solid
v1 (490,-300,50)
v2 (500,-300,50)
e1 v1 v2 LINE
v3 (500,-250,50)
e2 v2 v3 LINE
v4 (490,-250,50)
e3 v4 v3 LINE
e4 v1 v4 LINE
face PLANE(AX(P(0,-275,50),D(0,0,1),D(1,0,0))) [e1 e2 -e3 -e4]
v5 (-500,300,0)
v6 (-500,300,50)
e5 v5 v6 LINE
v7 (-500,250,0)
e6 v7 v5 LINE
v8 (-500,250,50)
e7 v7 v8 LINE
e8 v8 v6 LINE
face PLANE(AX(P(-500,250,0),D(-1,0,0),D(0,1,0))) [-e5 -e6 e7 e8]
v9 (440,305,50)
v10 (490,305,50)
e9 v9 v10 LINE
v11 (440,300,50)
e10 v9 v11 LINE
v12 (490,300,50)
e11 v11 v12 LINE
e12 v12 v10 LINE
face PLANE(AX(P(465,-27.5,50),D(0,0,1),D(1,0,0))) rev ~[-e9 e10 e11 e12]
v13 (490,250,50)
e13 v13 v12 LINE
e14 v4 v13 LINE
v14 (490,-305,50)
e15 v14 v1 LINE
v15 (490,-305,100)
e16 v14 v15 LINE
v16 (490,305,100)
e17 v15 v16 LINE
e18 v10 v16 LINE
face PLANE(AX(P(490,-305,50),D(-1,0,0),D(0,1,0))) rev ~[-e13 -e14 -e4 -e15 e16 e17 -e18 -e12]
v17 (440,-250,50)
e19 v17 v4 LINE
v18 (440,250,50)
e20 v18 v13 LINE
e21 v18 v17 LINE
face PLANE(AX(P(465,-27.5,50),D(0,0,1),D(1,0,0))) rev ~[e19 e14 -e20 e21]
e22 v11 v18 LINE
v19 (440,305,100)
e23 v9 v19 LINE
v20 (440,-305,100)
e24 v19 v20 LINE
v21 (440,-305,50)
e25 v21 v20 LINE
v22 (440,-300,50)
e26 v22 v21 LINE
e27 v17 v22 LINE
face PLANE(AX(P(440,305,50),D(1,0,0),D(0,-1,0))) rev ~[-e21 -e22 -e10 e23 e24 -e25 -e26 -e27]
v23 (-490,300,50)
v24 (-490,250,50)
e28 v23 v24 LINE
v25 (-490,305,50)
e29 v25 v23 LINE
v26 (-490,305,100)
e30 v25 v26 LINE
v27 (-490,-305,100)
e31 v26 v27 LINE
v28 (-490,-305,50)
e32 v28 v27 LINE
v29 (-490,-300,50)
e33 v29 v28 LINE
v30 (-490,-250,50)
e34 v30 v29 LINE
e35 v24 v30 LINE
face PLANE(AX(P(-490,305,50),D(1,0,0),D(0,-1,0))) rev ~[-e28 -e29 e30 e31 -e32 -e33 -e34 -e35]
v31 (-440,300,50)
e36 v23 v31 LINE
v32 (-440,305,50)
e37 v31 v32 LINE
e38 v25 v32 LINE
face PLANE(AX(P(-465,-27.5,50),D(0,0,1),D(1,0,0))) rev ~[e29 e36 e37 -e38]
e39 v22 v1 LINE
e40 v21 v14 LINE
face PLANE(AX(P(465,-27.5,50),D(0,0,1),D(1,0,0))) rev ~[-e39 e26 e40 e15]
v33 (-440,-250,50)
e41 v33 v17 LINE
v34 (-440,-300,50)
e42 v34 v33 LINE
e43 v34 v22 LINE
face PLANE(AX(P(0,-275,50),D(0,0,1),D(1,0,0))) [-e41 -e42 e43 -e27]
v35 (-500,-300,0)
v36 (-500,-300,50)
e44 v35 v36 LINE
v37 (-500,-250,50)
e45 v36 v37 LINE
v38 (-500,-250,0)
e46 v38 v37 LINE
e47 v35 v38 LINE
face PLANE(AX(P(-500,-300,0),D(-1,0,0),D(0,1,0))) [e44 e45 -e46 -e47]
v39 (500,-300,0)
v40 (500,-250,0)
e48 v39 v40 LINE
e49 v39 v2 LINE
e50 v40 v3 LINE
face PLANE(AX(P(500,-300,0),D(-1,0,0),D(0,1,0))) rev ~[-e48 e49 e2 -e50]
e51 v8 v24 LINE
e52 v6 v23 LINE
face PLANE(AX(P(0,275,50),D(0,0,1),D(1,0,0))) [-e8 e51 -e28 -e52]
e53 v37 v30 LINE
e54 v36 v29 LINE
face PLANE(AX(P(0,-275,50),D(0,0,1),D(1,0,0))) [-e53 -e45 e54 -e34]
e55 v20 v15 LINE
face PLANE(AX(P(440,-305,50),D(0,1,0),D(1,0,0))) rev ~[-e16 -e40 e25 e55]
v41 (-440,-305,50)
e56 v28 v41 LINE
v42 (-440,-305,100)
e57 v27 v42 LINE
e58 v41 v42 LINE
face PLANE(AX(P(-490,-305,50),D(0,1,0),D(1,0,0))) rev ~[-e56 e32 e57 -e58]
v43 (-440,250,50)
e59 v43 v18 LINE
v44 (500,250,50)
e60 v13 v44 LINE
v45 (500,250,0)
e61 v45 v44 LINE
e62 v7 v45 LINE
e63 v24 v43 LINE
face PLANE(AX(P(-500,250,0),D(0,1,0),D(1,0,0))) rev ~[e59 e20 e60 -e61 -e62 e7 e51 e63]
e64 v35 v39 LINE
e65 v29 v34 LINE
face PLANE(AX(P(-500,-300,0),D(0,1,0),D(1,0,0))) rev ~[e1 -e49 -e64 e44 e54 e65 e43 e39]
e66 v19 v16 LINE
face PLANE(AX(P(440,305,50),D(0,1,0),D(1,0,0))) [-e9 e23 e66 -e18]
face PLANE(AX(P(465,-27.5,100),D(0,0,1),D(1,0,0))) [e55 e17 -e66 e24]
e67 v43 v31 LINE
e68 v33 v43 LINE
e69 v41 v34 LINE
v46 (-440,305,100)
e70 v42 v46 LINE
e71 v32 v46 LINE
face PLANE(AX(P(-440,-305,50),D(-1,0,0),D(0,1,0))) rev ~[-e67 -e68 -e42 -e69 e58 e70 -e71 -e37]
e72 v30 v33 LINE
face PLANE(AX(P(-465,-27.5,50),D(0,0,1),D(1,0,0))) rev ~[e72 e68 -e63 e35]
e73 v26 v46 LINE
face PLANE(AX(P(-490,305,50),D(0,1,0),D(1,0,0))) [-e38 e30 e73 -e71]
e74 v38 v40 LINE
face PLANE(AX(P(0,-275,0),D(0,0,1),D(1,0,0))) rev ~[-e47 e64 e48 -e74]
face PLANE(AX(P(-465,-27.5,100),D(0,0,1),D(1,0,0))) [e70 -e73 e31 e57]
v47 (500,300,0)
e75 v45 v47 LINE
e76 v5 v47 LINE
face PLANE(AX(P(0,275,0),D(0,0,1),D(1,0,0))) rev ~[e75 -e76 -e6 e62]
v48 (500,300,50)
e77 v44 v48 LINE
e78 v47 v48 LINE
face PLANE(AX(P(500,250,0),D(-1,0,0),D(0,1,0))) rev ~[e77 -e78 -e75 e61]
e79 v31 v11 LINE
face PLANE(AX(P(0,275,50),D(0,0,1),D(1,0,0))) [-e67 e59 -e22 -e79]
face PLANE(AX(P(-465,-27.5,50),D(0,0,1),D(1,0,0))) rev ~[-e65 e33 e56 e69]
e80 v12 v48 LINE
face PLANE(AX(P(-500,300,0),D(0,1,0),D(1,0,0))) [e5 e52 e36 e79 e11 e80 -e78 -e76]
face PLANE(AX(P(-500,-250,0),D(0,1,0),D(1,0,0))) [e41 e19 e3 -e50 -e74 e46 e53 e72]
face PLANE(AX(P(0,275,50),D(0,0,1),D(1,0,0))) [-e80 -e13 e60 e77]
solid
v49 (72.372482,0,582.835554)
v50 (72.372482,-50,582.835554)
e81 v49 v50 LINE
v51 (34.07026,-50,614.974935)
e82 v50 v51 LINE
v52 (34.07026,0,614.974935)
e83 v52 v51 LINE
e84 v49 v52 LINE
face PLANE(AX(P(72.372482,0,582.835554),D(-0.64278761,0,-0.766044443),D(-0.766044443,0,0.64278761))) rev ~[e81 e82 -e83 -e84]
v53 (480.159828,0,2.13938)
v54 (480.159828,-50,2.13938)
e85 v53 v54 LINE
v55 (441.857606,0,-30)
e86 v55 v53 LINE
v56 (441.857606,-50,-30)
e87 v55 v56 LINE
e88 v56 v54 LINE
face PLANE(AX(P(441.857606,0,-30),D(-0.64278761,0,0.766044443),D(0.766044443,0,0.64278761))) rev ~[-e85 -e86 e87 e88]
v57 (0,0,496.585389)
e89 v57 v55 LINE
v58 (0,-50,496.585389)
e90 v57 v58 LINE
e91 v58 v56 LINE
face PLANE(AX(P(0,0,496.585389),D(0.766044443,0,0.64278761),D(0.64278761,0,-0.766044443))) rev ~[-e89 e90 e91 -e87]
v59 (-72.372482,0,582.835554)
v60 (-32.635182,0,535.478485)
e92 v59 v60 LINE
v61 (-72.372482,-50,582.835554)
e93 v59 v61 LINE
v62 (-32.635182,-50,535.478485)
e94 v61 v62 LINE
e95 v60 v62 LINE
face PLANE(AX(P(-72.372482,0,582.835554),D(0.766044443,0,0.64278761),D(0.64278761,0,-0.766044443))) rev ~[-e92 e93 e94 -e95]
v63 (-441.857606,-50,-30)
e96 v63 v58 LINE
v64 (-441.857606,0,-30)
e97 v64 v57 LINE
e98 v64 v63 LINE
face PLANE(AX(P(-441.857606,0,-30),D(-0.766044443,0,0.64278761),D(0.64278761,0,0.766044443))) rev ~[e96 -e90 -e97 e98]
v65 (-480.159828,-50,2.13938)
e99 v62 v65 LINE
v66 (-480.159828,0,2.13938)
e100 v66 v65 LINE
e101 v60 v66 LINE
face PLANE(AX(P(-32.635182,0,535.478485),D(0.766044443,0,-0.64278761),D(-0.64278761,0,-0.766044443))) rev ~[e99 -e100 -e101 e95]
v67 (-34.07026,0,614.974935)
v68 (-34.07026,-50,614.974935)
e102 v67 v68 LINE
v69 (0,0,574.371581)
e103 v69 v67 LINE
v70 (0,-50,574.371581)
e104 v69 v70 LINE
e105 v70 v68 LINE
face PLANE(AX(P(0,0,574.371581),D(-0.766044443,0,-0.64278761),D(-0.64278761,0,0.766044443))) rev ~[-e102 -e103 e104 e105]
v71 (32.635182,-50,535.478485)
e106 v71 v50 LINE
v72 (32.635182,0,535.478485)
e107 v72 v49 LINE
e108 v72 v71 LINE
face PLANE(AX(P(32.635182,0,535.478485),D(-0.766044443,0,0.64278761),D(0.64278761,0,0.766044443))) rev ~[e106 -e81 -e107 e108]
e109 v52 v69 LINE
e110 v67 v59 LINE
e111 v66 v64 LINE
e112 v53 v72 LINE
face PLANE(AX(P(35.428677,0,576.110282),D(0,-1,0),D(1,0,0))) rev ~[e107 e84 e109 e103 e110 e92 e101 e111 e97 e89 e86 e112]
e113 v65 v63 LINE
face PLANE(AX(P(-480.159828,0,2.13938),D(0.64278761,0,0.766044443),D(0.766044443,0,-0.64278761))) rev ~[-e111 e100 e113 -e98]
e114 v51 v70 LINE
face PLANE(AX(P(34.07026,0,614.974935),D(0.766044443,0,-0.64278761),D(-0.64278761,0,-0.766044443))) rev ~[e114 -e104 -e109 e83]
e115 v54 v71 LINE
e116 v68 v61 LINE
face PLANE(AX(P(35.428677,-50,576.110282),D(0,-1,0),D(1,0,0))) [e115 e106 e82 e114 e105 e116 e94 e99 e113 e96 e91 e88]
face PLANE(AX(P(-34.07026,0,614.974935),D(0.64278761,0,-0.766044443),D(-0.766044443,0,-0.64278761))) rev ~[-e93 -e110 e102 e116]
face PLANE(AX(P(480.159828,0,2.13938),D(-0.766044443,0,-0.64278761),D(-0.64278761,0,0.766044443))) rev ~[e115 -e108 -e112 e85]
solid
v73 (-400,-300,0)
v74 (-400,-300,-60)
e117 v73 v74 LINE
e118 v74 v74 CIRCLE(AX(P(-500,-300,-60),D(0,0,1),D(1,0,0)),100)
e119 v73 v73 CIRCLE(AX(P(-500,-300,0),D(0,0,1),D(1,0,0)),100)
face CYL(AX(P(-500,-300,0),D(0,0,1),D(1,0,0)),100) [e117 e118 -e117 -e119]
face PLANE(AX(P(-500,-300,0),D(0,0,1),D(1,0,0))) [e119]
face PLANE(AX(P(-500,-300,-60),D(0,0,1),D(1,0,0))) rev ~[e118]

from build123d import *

# Parameters (mm, degrees)
F0_W     = 1000
F0_H     = 50
F1_DEPTH = 50
F2_W     = 50
F2_H     = 555
F2_H_2   = 50
F2_H_3   = 5
F3_DEPTH = 50
F5_DEPTH = 50
F6_R     = 100
F7_DEPTH = 60


with BuildPart() as f1:
    # F0 (on Top) → F1 (new body)
    with BuildSketch(Plane.XY):
        with Locations((0, 275)):
            Rectangle(F0_W, F0_H)
    extrude(amount=F1_DEPTH)



with BuildPart() as f1b:
    # F0 (on Top) → F1, piece 2 (new body)
    with BuildSketch(Plane.XY):
        with Locations((0, -275)):
            Rectangle(F0_W, F0_H)
    extrude(amount=F1_DEPTH)


with BuildPart() as f1_1:
    add(f1.part)

    add(f1b.part)  # F3 merges F1b
    # F2 (on face) → F3 (join)
    with BuildSketch(Plane.XY.offset(50)):
        with Locations((-465, -27.5)):
            Rectangle(F2_W, F2_H)
        with Locations((465, -27.5)):
            Rectangle(F2_W, F2_H)
        with Locations((-465, 275)):
            Rectangle(F2_W, F2_H_2)
        with Locations((465, 275)):
            Rectangle(F2_W, F2_H_2)
        with Locations((-465, 302.5)):
            Rectangle(F2_W, F2_H_3)
        with Locations((465, 302.5)):
            Rectangle(F2_W, F2_H_3)
    extrude(amount=F3_DEPTH)


with BuildPart() as f5:
    # F4 (on Front) → F5 (new body)
    with BuildSketch(Plane.XZ):
        Polygon((72.3724817217, 582.8355544952), (34.0702595657, 614.9749349795), (0, 574.3715807415), (32.6351822333, 535.4784850699), align=None)
        Polygon((-32.6351822333, 535.4784850699), (0, 574.3715807415), (-34.0702595657, 614.9749349795), (-72.3724817217, 582.8355544952), align=None)
        Polygon((32.6351822333, 535.4784850699), (0, 574.3715807415), (-32.6351822333, 535.4784850699), (0, 496.5853893984), align=None)
        Polygon((0, 496.5853893984), (-32.6351822333, 535.4784850699), (-480.1598281835, 2.1393804843), (-441.8576060276, -30), align=None)
        Polygon((480.1598281835, 2.1393804843), (32.6351822333, 535.4784850699), (0, 496.5853893984), (441.8576060276, -30), align=None)
    extrude(amount=F5_DEPTH)


with BuildPart() as f7:
    # F6 (on Top) → F7 (new body)
    with BuildSketch(Plane.XY):
        with Locations((-500, -300)):
            Circle(F6_R)
    extrude(amount=-F7_DEPTH)


solid = Compound([f1_1.part, f5.part, f7.part])
